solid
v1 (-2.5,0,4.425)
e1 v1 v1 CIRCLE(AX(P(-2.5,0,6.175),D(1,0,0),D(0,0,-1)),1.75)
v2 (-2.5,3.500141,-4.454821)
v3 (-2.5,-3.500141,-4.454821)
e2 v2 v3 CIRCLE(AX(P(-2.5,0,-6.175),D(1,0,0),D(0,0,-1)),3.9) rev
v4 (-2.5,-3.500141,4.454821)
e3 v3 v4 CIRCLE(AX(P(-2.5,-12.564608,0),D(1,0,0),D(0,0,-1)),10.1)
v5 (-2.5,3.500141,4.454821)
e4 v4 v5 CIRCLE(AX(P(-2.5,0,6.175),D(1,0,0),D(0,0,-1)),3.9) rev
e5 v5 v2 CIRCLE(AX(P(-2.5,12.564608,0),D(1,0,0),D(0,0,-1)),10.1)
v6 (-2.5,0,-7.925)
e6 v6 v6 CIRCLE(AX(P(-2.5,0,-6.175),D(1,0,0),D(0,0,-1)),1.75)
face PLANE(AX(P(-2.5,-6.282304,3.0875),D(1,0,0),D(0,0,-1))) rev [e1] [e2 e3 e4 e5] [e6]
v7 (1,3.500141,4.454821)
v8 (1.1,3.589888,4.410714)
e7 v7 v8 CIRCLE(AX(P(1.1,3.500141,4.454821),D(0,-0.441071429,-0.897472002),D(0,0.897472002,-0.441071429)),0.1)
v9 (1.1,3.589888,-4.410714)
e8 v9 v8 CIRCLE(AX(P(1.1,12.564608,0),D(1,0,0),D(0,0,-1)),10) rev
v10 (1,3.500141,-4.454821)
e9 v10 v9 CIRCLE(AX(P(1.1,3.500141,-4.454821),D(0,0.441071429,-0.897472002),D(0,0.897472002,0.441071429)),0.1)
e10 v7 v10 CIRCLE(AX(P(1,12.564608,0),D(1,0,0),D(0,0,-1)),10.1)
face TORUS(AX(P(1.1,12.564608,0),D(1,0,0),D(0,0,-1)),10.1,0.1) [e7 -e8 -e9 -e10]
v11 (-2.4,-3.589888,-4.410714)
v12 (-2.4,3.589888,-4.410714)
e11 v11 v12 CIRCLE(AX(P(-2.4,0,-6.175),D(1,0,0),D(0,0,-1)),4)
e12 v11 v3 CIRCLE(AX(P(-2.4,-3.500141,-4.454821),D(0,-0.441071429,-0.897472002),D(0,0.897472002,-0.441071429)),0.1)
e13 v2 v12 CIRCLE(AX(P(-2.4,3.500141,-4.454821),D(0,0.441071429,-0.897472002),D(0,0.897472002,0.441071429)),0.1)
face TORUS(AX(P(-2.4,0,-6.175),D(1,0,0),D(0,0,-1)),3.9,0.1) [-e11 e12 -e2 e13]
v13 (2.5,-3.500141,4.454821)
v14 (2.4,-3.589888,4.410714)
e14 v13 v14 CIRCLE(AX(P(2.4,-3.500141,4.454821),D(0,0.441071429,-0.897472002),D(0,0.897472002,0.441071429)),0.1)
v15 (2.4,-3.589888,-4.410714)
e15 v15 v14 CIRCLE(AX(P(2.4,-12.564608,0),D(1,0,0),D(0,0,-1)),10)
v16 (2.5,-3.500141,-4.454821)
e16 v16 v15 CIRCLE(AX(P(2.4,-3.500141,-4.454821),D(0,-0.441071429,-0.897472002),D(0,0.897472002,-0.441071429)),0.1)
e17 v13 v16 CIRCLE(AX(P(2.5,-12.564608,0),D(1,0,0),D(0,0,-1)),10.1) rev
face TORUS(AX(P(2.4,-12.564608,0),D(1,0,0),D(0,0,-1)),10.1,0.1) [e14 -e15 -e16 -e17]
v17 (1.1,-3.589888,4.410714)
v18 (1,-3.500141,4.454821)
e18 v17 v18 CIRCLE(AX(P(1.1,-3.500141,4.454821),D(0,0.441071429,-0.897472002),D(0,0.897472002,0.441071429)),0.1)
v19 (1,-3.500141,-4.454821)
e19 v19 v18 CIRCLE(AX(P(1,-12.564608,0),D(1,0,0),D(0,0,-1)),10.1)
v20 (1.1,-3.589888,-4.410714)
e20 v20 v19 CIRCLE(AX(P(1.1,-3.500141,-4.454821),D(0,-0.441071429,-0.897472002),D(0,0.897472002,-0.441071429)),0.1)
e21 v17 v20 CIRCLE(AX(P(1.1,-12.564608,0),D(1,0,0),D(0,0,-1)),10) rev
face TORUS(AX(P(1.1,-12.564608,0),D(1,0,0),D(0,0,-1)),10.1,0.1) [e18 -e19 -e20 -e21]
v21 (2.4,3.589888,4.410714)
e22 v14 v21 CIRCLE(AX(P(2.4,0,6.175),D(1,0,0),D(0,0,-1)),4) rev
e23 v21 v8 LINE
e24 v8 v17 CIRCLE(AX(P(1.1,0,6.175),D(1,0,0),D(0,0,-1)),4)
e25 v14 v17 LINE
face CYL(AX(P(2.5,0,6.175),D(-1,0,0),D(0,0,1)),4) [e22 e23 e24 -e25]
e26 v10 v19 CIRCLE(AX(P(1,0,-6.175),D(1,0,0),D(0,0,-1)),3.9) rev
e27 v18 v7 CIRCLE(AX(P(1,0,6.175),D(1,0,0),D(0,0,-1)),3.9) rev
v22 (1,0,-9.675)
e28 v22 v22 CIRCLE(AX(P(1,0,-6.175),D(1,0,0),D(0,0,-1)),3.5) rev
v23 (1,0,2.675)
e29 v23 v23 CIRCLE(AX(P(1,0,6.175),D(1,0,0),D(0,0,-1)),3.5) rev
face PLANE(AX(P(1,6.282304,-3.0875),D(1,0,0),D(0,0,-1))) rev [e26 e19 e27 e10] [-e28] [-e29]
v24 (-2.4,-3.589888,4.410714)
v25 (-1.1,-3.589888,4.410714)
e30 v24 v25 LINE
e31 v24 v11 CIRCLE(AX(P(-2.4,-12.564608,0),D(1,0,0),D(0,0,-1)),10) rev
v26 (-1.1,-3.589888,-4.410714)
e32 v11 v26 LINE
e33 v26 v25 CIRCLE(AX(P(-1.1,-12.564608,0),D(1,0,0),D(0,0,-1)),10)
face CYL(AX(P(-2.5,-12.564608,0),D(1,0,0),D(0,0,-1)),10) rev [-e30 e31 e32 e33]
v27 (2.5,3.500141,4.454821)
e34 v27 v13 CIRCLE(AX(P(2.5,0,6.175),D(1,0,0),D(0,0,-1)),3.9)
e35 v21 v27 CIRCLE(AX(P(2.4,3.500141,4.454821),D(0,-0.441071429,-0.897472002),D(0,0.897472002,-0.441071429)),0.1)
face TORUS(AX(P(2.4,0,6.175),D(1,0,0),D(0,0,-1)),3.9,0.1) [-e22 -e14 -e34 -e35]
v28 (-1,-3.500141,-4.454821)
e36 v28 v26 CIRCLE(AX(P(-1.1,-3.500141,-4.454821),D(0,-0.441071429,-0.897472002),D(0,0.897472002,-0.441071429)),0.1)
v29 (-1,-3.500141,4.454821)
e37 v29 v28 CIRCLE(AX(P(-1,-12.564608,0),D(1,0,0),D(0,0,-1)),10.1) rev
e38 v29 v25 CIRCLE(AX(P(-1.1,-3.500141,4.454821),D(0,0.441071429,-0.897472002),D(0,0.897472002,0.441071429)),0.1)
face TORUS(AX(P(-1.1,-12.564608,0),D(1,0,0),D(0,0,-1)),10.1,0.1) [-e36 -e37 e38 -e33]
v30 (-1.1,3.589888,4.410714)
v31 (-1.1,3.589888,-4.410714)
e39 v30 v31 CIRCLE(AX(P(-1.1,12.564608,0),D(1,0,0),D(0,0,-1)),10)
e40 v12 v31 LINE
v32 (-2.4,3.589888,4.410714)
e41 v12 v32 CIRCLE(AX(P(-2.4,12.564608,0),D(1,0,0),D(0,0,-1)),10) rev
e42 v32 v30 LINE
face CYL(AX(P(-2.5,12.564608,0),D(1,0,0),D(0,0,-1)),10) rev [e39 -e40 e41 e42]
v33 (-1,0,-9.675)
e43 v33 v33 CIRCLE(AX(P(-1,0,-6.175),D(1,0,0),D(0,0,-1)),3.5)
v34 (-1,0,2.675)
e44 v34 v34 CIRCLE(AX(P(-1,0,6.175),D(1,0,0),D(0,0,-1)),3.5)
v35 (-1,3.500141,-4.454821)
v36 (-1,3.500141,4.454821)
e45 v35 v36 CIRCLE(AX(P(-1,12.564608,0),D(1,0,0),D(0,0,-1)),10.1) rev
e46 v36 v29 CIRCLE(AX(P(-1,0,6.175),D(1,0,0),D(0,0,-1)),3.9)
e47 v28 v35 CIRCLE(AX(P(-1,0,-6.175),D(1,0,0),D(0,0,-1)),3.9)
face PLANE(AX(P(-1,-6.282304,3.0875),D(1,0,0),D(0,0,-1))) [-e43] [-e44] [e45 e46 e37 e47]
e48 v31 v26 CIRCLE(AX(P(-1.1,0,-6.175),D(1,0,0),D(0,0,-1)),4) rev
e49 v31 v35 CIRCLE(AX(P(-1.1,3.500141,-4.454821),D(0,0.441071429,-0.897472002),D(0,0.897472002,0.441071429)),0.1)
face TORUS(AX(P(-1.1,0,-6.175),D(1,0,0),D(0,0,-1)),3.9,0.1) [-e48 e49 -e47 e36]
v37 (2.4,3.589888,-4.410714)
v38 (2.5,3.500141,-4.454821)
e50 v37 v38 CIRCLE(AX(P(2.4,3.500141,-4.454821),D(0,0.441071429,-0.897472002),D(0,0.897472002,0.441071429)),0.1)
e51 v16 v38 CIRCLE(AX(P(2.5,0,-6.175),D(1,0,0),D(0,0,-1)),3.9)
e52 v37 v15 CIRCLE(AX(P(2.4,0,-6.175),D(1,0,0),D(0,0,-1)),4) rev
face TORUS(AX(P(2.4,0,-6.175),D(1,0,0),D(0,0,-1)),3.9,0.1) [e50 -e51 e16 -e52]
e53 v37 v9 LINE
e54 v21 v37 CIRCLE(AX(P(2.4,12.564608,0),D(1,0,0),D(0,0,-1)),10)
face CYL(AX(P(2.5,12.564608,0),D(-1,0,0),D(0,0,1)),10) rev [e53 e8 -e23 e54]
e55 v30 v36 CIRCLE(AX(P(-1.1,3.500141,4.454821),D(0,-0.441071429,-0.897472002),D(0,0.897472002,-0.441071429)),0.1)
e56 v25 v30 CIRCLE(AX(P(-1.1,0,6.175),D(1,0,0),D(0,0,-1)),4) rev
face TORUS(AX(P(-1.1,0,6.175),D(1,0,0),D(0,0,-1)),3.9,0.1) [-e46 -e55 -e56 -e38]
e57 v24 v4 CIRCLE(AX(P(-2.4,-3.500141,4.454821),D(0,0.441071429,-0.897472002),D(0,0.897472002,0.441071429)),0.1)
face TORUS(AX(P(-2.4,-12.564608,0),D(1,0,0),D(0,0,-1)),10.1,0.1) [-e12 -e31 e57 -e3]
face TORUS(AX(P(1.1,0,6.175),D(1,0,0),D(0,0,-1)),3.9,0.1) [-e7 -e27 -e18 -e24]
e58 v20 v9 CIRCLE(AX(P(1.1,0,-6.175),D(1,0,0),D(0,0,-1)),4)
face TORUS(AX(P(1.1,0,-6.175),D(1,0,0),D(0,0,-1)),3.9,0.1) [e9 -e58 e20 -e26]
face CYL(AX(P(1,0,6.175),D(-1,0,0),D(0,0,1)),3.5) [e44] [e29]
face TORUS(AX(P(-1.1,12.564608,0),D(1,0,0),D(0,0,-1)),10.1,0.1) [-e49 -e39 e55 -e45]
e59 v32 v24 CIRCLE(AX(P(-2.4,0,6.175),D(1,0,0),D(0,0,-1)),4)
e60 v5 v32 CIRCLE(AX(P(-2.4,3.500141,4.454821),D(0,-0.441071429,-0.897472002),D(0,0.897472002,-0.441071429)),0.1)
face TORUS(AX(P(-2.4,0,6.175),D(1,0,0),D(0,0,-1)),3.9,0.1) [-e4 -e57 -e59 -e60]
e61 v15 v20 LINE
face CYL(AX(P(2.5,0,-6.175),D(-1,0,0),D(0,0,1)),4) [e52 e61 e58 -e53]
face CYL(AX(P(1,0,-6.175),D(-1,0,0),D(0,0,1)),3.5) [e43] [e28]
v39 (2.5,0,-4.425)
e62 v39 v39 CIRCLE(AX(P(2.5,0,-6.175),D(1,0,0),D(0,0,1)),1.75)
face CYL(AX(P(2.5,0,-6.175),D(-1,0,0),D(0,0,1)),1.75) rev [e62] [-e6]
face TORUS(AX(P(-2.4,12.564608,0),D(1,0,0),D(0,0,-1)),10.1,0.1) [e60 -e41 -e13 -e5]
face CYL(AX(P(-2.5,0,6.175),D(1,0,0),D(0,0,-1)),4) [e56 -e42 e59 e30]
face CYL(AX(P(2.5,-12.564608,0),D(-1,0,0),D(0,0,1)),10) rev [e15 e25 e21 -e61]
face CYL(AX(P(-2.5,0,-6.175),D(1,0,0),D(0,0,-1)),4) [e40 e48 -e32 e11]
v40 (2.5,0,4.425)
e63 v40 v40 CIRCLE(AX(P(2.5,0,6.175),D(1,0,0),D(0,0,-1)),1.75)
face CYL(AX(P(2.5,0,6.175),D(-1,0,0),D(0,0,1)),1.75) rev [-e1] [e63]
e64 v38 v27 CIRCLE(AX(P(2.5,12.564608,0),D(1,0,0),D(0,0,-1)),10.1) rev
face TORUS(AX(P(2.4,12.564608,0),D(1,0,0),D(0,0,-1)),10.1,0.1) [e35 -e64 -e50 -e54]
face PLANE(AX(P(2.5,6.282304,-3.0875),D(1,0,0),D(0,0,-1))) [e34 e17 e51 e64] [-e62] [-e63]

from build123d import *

# Parameters (mm, degrees)
BOSS_EXTRUDE1_START = 1
SKETCH1_R           = 1.75
BOSS_EXTRUDE1_DEPTH = 1.5
BOSS_EXTRUDE2_START = -1
SKETCH2_R           = 1.75
BOSS_EXTRUDE2_DEPTH = 1.5
SKETCH3_R           = 3.5
SKETCH3_R_2         = 1.75
BOSS_EXTRUDE3_DEPTH = 1
FILLET1_R           = 0.1


with BuildPart() as part:
    # Sketch1 → Boss-Extrude1 (new body)
    with BuildSketch(Plane(origin=(0, 0, 0), x_dir=(0, 0, -1), z_dir=(1, 0, 0)).offset(BOSS_EXTRUDE1_START)):
        with BuildLine():
            ThreePointArc((-4.410714286, 3.589888009), (-10.175, 0), (-4.410714286, -3.589888009))
            ThreePointArc((-4.410714286, -3.589888009), (0, -2.564608032), (4.410714286, -3.589888009))
            ThreePointArc((4.410714286, -3.589888009), (10.175, 0), (4.410714286, 3.589888009))
            ThreePointArc((4.410714286, 3.589888009), (0, 2.564608032), (-4.410714286, 3.589888009))
        make_face()
        with Locations((-6.175, 0)):
            Circle(SKETCH1_R, mode=Mode.SUBTRACT)
        with Locations(Location((6.175, 0, 0), (0, 0, 180))):
            Circle(SKETCH1_R, mode=Mode.SUBTRACT)
    extrude(amount=BOSS_EXTRUDE1_DEPTH)



with BuildPart() as body_2:
    # Sketch2 → Boss-Extrude2 (new body)
    with BuildSketch(Plane(origin=(0, 0, 0), x_dir=(0, 0, -1), z_dir=(1, 0, 0)).offset(BOSS_EXTRUDE2_START)):
        with BuildLine():
            ThreePointArc((-4.410714286, 3.589888009), (0, 2.564608032), (4.410714286, 3.589888009))
            ThreePointArc((4.410714286, 3.589888009), (10.175, 0), (4.410714286, -3.589888009))
            ThreePointArc((4.410714286, -3.589888009), (0, -2.564608032), (-4.410714286, -3.589888009))
            ThreePointArc((-4.410714286, -3.589888009), (-10.175, 0), (-4.410714286, 3.589888009))
        make_face()
        with Locations(Location((6.175, 0, 0), (0, 0, 180))):
            Circle(SKETCH2_R, mode=Mode.SUBTRACT)
        with Locations((-6.175, 0)):
            Circle(SKETCH2_R, mode=Mode.SUBTRACT)
    extrude(amount=-BOSS_EXTRUDE2_DEPTH)


with BuildPart() as part_1:
    add(part.part)

    add(body_2.part)  # Boss-Extrude3 merges body 2
    # Sketch3 → Boss-Extrude3 (add, symmetric)
    # profile 1 of 2: a face of its own
    with BuildSketch(Plane(origin=(0, 0, 0), x_dir=(0, 0, -1), z_dir=(1, 0, 0))):
        with Locations((-6.175, 0)):
            Circle(SKETCH3_R)
        with Locations((-6.175, 0)):
            Circle(SKETCH3_R_2, mode=Mode.SUBTRACT)
    # profile 2 of 2: a face of its own
    with BuildSketch(Plane(origin=(0, 0, 0), x_dir=(0, 0, -1), z_dir=(1, 0, 0))):
        with Locations((6.175, 0)):
            Circle(SKETCH3_R)
        with Locations(Location((6.175, 0, 0), (0, 0, 180))):
            Circle(SKETCH3_R_2, mode=Mode.SUBTRACT)
    extrude(amount=BOSS_EXTRUDE3_DEPTH, both=True)

    # Fillet1
    fillet1_edges = [part_1.edges().sort_by_distance(p)[0] for p in [
        (2.5, -2.564608032, 0),
        (2.5, 0, -10.175),
        (-2.5, 0, 10.175),
        (-2.5, 2.564608032, 0),
        (-2.5, 0, -10.175),
        (-2.5, -2.564608032, 0),
        (-1, 0, 10.175),
        (-1, -2.564608032, 0),
        (-1, 0, -10.175),
        (-1, 2.564608032, 0),
        (2.5, 2.564608032, 0),
        (1, 0, -10.175),
        (1, -2.564608032, 0),
        (1, 0, 10.175),
        (1, 2.564608032, 0),
        (2.5, 0, 10.175),
    ]]
    fillet(fillet1_edges, radius=FILLET1_R)


solid = part_1.part
